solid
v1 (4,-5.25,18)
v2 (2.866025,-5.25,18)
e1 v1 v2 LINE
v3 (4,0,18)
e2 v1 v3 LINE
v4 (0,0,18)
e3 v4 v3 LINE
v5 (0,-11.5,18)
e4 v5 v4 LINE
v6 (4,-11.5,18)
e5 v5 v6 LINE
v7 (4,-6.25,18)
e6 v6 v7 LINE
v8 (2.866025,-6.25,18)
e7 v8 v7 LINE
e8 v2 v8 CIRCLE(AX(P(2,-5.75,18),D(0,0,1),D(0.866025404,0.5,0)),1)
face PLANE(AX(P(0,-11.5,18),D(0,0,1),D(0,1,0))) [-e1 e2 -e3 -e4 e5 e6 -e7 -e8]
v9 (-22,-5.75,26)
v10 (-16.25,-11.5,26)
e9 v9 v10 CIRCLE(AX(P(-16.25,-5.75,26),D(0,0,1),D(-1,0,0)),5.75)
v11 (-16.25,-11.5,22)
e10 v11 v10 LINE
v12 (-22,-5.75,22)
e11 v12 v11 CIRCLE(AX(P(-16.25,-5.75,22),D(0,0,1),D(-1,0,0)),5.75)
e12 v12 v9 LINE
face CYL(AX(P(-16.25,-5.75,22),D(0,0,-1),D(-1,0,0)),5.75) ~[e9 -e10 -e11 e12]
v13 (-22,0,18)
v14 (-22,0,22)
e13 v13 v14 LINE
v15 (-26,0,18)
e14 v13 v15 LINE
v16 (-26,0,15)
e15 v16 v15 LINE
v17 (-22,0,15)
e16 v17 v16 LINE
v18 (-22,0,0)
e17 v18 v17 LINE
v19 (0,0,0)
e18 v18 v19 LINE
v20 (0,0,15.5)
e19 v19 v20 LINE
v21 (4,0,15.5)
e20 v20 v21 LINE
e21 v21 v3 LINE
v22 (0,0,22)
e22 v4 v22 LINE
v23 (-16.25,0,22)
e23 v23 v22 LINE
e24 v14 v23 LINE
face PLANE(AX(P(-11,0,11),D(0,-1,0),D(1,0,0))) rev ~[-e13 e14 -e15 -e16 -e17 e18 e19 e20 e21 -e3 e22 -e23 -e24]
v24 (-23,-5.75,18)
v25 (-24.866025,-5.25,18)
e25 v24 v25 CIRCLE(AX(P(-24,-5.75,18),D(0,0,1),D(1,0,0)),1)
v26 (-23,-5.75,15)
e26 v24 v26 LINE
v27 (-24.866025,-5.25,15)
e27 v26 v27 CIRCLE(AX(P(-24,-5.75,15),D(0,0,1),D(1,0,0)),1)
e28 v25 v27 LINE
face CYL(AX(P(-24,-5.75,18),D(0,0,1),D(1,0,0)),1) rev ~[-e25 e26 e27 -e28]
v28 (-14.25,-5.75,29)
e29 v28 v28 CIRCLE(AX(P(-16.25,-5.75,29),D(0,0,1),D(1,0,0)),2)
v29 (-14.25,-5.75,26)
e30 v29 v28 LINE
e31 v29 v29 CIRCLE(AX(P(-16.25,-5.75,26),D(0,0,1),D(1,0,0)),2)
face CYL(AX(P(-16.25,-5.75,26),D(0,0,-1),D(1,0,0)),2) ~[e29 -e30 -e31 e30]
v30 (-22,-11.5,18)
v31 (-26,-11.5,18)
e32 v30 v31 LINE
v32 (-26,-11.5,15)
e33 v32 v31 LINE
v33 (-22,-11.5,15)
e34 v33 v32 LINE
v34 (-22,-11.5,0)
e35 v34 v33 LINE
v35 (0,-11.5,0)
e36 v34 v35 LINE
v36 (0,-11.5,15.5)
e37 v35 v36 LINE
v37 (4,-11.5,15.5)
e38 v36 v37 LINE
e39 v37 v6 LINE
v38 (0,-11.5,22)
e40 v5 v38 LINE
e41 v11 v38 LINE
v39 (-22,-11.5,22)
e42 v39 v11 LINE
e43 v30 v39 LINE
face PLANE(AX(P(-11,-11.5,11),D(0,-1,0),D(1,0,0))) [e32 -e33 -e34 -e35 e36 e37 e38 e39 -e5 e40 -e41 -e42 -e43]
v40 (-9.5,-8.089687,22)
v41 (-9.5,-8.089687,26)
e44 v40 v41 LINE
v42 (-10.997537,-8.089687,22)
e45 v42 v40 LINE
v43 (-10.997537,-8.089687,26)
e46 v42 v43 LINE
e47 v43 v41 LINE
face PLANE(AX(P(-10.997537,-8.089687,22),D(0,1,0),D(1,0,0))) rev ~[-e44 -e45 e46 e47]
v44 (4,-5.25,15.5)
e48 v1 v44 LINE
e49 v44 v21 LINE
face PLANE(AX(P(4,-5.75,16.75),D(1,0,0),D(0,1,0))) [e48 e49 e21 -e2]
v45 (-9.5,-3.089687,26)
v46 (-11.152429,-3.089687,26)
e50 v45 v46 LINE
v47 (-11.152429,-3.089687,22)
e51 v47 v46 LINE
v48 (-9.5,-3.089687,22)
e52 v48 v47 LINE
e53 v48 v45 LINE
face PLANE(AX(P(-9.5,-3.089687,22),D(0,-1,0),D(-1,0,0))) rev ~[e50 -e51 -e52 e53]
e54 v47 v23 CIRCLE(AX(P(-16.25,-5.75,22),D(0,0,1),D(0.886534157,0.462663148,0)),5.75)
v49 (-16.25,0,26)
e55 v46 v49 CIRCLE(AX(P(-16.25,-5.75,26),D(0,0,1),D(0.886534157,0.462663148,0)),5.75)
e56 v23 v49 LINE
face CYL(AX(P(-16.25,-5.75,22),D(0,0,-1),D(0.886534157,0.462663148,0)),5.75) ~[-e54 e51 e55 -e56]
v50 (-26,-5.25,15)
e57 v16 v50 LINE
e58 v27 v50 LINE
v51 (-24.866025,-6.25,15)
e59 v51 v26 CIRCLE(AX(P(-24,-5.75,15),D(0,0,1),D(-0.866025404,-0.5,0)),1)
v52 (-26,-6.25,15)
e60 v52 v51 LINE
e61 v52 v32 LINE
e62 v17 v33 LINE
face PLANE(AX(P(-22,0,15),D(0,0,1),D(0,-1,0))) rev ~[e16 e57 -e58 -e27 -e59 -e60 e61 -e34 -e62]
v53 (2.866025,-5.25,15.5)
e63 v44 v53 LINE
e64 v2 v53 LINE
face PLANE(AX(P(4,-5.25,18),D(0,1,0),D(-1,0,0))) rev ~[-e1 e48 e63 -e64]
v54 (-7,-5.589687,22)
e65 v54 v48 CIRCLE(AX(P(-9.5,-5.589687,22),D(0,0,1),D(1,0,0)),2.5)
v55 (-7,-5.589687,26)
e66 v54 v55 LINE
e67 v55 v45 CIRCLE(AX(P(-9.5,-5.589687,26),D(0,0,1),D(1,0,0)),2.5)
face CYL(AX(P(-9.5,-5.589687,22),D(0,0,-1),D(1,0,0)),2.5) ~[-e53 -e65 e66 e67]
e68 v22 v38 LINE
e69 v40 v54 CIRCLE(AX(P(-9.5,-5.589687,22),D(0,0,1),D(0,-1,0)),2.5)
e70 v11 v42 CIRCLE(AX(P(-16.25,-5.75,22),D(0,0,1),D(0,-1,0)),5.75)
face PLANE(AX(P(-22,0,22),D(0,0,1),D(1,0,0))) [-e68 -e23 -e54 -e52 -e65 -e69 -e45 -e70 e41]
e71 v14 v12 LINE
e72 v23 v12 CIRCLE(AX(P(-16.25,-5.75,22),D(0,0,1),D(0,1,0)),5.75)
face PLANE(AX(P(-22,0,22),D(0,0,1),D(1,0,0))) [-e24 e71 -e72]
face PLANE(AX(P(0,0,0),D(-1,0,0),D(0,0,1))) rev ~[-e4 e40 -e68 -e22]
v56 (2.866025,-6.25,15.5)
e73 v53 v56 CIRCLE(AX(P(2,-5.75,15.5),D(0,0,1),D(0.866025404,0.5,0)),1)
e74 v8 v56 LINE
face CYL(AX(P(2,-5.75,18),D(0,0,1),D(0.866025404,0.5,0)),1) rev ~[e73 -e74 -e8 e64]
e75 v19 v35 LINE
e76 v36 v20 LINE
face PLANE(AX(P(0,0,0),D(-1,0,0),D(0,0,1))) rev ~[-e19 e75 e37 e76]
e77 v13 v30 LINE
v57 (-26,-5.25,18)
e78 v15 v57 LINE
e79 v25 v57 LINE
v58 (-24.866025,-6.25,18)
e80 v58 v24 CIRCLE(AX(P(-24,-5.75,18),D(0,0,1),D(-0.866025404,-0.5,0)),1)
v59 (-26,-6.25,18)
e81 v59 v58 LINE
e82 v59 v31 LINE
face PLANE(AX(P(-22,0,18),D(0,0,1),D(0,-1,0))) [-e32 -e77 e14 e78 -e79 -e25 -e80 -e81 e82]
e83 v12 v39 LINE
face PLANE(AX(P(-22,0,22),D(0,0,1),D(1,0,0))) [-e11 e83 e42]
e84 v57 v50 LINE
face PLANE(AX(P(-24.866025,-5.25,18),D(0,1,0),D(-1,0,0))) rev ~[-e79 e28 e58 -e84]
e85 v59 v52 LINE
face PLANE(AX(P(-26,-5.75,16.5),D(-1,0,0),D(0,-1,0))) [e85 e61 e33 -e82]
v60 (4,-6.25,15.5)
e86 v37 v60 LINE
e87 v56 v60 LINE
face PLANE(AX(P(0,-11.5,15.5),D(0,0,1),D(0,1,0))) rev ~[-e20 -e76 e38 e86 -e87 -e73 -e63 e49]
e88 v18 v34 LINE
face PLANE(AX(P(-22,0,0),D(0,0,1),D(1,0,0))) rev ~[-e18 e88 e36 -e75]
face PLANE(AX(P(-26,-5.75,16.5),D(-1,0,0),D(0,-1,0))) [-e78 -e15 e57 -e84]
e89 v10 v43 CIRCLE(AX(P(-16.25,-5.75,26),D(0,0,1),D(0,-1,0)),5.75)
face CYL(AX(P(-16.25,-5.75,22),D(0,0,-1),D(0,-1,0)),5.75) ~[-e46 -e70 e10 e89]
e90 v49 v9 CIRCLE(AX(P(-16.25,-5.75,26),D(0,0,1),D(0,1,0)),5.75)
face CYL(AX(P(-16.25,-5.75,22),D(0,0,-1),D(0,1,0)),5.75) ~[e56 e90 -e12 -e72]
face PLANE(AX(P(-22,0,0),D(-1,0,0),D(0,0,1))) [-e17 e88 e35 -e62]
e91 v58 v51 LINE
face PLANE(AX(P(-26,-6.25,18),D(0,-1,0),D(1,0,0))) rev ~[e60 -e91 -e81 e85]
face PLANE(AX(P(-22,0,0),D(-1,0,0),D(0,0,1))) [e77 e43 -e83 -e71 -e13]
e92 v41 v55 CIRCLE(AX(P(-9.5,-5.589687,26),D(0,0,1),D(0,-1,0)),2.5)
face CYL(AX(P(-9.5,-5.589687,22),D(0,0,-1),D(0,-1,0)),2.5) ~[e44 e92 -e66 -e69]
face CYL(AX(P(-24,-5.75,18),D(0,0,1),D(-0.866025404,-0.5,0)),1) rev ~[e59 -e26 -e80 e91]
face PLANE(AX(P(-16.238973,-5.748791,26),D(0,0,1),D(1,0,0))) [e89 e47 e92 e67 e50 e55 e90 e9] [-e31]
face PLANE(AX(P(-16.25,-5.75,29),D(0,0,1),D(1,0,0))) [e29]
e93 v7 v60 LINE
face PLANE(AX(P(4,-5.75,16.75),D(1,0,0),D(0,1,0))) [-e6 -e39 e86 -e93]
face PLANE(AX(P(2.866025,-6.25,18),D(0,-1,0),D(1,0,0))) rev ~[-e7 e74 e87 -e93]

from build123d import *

# Parameters (mm, degrees)
F0_W      = 22
F0_H      = 22
F1_DEPTH  = 11.5
F3_DEPTH  = 4
F4_R      = 2
F5_DEPTH  = 3
F6_W      = 11.5
F6_H      = 2.5
F7_DEPTH  = 4
F8_W      = 11.5
F8_H      = 3
F9_DEPTH  = 4
F11_DEPTH = 25.4
F13_DEPTH = 25.4


with BuildPart() as f1:
    # F0 (on Front) → F1 (new body)
    with BuildSketch(Plane.XZ):
        with Locations((-11, 11)):
            Rectangle(F0_W, F0_H)
    extrude(amount=F1_DEPTH)

    # F2 (on face) → F3 (join)
    with BuildSketch(Plane.XY.offset(22)):
        with BuildLine():
            ThreePointArc((-10.8406771994, -7.6998017434), (-11.9992952148, -5.6490453843), (-10.9393399136, -3.5455977121))
            ThreePointArc((-10.9393399136, -3.5455977121), (-11.0408940925, -3.3153099489), (-11.1524285962, -3.0896869013))
            ThreePointArc((-11.1524285962, -3.0896869013), (-13.2695889812, -0.8327192312), (-16.25, 0))
            ThreePointArc((-16.25, 0), (-20.3158639918, -1.6841360082), (-22, -5.75))
            ThreePointArc((-22, -5.75), (-20.3158639918, -9.8158639918), (-16.25, -11.5))
            ThreePointArc((-16.25, -11.5), (-13.1187622002, -10.5726393024), (-10.9975372249, -8.0896869013))
            ThreePointArc((-10.9975372249, -8.0896869013), (-10.9155440273, -7.8961778759), (-10.8406771994, -7.6998017434))
        make_face()
        with BuildLine():
            ThreePointArc((-10.8406771994, -7.6998017434), (-10.5858095855, -6.7396701209), (-10.5, -5.75))
            ThreePointArc((-10.5, -5.75), (-10.6109045275, -4.6261217808), (-10.9393399136, -3.5455977121))
            ThreePointArc((-10.9393399136, -3.5455977121), (-11.9992952148, -5.6490453843), (-10.8406771994, -7.6998017434))
        make_face()
        with BuildLine():
            ThreePointArc((-10.9393399136, -3.5455977121), (-10.6109045275, -4.6261217808), (-10.5, -5.75))
            ThreePointArc((-10.5, -5.75), (-10.5858095855, -6.7396701209), (-10.8406771994, -7.6998017434))
            ThreePointArc((-10.8406771994, -7.6998017434), (-10.1981091944, -7.9902375782), (-9.5, -8.0896869013))
            ThreePointArc((-9.5, -8.0896869013), (-7.732233047, -7.3574538542), (-7, -5.5896869013))
            ThreePointArc((-7, -5.5896869013), (-7.732233047, -3.8219199483), (-9.5, -3.0896869013))
            ThreePointArc((-9.5, -3.0896869013), (-10.2549096062, -3.2063884545), (-10.9393399136, -3.5455977121))
        make_face()
        with BuildLine():
            ThreePointArc((-11.1524285962, -3.0896869013), (-11.0408940925, -3.3153099489), (-10.9393399136, -3.5455977121))
            ThreePointArc((-10.9393399136, -3.5455977121), (-10.2549096062, -3.2063884545), (-9.5, -3.0896869013))
            Line((-9.5, -3.0896869013), (-11.1524285962, -3.0896869013))
        make_face()
        with BuildLine():
            ThreePointArc((-9.5, -8.0896869013), (-10.1981091944, -7.9902375782), (-10.8406771994, -7.6998017434))
            ThreePointArc((-10.8406771994, -7.6998017434), (-10.9155440273, -7.8961778759), (-10.9975372249, -8.0896869013))
            Line((-10.9975372249, -8.0896869013), (-9.5, -8.0896869013))
        make_face()
    extrude(amount=F3_DEPTH)

    # F4 (on face) → F5 (join)
    with BuildSketch(Plane.XY.offset(26)):
        with Locations((-16.25, -5.75)):
            Circle(F4_R)
    extrude(amount=F5_DEPTH)

    # F6 (on face) → F7 (join)
    with BuildSketch(Plane.YZ):
        with Locations((-5.75, 16.75)):
            Rectangle(F6_W, F6_H)
    extrude(amount=F7_DEPTH)

    # F8 (on face) → F9 (join)
    with BuildSketch(Plane(origin=(-22, 0, 0), x_dir=(0, -1, 0), z_dir=(-1, 0, 0))):
        with Locations((5.75, 16.5)):
            Rectangle(F8_W, F8_H)
    extrude(amount=F9_DEPTH)

    # F10 (on face) → F11 (cut)
    with BuildSketch(Plane.XY.offset(18)):
        with BuildLine():
            ThreePointArc((-24.8660254038, -6.25), (-23.7411809549, -6.7159258263), (-23, -5.75))
            ThreePointArc((-23, -5.75), (-23.7411809549, -4.7840741737), (-24.8660254038, -5.25))
            ThreePointArc((-24.8660254038, -5.25), (-25, -5.75), (-24.8660254038, -6.25))
        make_face()
        with BuildLine():
            ThreePointArc((-24.8660254038, -6.25), (-25, -5.75), (-24.8660254038, -5.25))
            Line((-24.8660254038, -5.25), (-26, -5.25))
            Line((-26, -5.25), (-26, -6.25))
            Line((-26, -6.25), (-24.8660254038, -6.25))
        make_face()
    extrude(amount=-F11_DEPTH, mode=Mode.SUBTRACT)

    # F12 (on face) → F13 (cut)
    with BuildSketch(Plane.XY.offset(18)):
        with BuildLine():
            ThreePointArc((2.8660254038, -6.25), (2.9659258263, -6.0088190451), (3, -5.75))
            ThreePointArc((3, -5.75), (2.9659258263, -5.4911809549), (2.8660254038, -5.25))
            ThreePointArc((2.8660254038, -5.25), (1, -5.75), (2.8660254038, -6.25))
        make_face()
        with BuildLine():
            ThreePointArc((2.8660254038, -5.25), (2.9659258263, -5.4911809549), (3, -5.75))
            ThreePointArc((3, -5.75), (2.9659258263, -6.0088190451), (2.8660254038, -6.25))
            Line((2.8660254038, -6.25), (4, -6.25))
            Line((4, -6.25), (4, -5.25))
            Line((4, -5.25), (2.8660254038, -5.25))
        make_face()
    extrude(amount=-F13_DEPTH, mode=Mode.SUBTRACT)


solid = f1.part
